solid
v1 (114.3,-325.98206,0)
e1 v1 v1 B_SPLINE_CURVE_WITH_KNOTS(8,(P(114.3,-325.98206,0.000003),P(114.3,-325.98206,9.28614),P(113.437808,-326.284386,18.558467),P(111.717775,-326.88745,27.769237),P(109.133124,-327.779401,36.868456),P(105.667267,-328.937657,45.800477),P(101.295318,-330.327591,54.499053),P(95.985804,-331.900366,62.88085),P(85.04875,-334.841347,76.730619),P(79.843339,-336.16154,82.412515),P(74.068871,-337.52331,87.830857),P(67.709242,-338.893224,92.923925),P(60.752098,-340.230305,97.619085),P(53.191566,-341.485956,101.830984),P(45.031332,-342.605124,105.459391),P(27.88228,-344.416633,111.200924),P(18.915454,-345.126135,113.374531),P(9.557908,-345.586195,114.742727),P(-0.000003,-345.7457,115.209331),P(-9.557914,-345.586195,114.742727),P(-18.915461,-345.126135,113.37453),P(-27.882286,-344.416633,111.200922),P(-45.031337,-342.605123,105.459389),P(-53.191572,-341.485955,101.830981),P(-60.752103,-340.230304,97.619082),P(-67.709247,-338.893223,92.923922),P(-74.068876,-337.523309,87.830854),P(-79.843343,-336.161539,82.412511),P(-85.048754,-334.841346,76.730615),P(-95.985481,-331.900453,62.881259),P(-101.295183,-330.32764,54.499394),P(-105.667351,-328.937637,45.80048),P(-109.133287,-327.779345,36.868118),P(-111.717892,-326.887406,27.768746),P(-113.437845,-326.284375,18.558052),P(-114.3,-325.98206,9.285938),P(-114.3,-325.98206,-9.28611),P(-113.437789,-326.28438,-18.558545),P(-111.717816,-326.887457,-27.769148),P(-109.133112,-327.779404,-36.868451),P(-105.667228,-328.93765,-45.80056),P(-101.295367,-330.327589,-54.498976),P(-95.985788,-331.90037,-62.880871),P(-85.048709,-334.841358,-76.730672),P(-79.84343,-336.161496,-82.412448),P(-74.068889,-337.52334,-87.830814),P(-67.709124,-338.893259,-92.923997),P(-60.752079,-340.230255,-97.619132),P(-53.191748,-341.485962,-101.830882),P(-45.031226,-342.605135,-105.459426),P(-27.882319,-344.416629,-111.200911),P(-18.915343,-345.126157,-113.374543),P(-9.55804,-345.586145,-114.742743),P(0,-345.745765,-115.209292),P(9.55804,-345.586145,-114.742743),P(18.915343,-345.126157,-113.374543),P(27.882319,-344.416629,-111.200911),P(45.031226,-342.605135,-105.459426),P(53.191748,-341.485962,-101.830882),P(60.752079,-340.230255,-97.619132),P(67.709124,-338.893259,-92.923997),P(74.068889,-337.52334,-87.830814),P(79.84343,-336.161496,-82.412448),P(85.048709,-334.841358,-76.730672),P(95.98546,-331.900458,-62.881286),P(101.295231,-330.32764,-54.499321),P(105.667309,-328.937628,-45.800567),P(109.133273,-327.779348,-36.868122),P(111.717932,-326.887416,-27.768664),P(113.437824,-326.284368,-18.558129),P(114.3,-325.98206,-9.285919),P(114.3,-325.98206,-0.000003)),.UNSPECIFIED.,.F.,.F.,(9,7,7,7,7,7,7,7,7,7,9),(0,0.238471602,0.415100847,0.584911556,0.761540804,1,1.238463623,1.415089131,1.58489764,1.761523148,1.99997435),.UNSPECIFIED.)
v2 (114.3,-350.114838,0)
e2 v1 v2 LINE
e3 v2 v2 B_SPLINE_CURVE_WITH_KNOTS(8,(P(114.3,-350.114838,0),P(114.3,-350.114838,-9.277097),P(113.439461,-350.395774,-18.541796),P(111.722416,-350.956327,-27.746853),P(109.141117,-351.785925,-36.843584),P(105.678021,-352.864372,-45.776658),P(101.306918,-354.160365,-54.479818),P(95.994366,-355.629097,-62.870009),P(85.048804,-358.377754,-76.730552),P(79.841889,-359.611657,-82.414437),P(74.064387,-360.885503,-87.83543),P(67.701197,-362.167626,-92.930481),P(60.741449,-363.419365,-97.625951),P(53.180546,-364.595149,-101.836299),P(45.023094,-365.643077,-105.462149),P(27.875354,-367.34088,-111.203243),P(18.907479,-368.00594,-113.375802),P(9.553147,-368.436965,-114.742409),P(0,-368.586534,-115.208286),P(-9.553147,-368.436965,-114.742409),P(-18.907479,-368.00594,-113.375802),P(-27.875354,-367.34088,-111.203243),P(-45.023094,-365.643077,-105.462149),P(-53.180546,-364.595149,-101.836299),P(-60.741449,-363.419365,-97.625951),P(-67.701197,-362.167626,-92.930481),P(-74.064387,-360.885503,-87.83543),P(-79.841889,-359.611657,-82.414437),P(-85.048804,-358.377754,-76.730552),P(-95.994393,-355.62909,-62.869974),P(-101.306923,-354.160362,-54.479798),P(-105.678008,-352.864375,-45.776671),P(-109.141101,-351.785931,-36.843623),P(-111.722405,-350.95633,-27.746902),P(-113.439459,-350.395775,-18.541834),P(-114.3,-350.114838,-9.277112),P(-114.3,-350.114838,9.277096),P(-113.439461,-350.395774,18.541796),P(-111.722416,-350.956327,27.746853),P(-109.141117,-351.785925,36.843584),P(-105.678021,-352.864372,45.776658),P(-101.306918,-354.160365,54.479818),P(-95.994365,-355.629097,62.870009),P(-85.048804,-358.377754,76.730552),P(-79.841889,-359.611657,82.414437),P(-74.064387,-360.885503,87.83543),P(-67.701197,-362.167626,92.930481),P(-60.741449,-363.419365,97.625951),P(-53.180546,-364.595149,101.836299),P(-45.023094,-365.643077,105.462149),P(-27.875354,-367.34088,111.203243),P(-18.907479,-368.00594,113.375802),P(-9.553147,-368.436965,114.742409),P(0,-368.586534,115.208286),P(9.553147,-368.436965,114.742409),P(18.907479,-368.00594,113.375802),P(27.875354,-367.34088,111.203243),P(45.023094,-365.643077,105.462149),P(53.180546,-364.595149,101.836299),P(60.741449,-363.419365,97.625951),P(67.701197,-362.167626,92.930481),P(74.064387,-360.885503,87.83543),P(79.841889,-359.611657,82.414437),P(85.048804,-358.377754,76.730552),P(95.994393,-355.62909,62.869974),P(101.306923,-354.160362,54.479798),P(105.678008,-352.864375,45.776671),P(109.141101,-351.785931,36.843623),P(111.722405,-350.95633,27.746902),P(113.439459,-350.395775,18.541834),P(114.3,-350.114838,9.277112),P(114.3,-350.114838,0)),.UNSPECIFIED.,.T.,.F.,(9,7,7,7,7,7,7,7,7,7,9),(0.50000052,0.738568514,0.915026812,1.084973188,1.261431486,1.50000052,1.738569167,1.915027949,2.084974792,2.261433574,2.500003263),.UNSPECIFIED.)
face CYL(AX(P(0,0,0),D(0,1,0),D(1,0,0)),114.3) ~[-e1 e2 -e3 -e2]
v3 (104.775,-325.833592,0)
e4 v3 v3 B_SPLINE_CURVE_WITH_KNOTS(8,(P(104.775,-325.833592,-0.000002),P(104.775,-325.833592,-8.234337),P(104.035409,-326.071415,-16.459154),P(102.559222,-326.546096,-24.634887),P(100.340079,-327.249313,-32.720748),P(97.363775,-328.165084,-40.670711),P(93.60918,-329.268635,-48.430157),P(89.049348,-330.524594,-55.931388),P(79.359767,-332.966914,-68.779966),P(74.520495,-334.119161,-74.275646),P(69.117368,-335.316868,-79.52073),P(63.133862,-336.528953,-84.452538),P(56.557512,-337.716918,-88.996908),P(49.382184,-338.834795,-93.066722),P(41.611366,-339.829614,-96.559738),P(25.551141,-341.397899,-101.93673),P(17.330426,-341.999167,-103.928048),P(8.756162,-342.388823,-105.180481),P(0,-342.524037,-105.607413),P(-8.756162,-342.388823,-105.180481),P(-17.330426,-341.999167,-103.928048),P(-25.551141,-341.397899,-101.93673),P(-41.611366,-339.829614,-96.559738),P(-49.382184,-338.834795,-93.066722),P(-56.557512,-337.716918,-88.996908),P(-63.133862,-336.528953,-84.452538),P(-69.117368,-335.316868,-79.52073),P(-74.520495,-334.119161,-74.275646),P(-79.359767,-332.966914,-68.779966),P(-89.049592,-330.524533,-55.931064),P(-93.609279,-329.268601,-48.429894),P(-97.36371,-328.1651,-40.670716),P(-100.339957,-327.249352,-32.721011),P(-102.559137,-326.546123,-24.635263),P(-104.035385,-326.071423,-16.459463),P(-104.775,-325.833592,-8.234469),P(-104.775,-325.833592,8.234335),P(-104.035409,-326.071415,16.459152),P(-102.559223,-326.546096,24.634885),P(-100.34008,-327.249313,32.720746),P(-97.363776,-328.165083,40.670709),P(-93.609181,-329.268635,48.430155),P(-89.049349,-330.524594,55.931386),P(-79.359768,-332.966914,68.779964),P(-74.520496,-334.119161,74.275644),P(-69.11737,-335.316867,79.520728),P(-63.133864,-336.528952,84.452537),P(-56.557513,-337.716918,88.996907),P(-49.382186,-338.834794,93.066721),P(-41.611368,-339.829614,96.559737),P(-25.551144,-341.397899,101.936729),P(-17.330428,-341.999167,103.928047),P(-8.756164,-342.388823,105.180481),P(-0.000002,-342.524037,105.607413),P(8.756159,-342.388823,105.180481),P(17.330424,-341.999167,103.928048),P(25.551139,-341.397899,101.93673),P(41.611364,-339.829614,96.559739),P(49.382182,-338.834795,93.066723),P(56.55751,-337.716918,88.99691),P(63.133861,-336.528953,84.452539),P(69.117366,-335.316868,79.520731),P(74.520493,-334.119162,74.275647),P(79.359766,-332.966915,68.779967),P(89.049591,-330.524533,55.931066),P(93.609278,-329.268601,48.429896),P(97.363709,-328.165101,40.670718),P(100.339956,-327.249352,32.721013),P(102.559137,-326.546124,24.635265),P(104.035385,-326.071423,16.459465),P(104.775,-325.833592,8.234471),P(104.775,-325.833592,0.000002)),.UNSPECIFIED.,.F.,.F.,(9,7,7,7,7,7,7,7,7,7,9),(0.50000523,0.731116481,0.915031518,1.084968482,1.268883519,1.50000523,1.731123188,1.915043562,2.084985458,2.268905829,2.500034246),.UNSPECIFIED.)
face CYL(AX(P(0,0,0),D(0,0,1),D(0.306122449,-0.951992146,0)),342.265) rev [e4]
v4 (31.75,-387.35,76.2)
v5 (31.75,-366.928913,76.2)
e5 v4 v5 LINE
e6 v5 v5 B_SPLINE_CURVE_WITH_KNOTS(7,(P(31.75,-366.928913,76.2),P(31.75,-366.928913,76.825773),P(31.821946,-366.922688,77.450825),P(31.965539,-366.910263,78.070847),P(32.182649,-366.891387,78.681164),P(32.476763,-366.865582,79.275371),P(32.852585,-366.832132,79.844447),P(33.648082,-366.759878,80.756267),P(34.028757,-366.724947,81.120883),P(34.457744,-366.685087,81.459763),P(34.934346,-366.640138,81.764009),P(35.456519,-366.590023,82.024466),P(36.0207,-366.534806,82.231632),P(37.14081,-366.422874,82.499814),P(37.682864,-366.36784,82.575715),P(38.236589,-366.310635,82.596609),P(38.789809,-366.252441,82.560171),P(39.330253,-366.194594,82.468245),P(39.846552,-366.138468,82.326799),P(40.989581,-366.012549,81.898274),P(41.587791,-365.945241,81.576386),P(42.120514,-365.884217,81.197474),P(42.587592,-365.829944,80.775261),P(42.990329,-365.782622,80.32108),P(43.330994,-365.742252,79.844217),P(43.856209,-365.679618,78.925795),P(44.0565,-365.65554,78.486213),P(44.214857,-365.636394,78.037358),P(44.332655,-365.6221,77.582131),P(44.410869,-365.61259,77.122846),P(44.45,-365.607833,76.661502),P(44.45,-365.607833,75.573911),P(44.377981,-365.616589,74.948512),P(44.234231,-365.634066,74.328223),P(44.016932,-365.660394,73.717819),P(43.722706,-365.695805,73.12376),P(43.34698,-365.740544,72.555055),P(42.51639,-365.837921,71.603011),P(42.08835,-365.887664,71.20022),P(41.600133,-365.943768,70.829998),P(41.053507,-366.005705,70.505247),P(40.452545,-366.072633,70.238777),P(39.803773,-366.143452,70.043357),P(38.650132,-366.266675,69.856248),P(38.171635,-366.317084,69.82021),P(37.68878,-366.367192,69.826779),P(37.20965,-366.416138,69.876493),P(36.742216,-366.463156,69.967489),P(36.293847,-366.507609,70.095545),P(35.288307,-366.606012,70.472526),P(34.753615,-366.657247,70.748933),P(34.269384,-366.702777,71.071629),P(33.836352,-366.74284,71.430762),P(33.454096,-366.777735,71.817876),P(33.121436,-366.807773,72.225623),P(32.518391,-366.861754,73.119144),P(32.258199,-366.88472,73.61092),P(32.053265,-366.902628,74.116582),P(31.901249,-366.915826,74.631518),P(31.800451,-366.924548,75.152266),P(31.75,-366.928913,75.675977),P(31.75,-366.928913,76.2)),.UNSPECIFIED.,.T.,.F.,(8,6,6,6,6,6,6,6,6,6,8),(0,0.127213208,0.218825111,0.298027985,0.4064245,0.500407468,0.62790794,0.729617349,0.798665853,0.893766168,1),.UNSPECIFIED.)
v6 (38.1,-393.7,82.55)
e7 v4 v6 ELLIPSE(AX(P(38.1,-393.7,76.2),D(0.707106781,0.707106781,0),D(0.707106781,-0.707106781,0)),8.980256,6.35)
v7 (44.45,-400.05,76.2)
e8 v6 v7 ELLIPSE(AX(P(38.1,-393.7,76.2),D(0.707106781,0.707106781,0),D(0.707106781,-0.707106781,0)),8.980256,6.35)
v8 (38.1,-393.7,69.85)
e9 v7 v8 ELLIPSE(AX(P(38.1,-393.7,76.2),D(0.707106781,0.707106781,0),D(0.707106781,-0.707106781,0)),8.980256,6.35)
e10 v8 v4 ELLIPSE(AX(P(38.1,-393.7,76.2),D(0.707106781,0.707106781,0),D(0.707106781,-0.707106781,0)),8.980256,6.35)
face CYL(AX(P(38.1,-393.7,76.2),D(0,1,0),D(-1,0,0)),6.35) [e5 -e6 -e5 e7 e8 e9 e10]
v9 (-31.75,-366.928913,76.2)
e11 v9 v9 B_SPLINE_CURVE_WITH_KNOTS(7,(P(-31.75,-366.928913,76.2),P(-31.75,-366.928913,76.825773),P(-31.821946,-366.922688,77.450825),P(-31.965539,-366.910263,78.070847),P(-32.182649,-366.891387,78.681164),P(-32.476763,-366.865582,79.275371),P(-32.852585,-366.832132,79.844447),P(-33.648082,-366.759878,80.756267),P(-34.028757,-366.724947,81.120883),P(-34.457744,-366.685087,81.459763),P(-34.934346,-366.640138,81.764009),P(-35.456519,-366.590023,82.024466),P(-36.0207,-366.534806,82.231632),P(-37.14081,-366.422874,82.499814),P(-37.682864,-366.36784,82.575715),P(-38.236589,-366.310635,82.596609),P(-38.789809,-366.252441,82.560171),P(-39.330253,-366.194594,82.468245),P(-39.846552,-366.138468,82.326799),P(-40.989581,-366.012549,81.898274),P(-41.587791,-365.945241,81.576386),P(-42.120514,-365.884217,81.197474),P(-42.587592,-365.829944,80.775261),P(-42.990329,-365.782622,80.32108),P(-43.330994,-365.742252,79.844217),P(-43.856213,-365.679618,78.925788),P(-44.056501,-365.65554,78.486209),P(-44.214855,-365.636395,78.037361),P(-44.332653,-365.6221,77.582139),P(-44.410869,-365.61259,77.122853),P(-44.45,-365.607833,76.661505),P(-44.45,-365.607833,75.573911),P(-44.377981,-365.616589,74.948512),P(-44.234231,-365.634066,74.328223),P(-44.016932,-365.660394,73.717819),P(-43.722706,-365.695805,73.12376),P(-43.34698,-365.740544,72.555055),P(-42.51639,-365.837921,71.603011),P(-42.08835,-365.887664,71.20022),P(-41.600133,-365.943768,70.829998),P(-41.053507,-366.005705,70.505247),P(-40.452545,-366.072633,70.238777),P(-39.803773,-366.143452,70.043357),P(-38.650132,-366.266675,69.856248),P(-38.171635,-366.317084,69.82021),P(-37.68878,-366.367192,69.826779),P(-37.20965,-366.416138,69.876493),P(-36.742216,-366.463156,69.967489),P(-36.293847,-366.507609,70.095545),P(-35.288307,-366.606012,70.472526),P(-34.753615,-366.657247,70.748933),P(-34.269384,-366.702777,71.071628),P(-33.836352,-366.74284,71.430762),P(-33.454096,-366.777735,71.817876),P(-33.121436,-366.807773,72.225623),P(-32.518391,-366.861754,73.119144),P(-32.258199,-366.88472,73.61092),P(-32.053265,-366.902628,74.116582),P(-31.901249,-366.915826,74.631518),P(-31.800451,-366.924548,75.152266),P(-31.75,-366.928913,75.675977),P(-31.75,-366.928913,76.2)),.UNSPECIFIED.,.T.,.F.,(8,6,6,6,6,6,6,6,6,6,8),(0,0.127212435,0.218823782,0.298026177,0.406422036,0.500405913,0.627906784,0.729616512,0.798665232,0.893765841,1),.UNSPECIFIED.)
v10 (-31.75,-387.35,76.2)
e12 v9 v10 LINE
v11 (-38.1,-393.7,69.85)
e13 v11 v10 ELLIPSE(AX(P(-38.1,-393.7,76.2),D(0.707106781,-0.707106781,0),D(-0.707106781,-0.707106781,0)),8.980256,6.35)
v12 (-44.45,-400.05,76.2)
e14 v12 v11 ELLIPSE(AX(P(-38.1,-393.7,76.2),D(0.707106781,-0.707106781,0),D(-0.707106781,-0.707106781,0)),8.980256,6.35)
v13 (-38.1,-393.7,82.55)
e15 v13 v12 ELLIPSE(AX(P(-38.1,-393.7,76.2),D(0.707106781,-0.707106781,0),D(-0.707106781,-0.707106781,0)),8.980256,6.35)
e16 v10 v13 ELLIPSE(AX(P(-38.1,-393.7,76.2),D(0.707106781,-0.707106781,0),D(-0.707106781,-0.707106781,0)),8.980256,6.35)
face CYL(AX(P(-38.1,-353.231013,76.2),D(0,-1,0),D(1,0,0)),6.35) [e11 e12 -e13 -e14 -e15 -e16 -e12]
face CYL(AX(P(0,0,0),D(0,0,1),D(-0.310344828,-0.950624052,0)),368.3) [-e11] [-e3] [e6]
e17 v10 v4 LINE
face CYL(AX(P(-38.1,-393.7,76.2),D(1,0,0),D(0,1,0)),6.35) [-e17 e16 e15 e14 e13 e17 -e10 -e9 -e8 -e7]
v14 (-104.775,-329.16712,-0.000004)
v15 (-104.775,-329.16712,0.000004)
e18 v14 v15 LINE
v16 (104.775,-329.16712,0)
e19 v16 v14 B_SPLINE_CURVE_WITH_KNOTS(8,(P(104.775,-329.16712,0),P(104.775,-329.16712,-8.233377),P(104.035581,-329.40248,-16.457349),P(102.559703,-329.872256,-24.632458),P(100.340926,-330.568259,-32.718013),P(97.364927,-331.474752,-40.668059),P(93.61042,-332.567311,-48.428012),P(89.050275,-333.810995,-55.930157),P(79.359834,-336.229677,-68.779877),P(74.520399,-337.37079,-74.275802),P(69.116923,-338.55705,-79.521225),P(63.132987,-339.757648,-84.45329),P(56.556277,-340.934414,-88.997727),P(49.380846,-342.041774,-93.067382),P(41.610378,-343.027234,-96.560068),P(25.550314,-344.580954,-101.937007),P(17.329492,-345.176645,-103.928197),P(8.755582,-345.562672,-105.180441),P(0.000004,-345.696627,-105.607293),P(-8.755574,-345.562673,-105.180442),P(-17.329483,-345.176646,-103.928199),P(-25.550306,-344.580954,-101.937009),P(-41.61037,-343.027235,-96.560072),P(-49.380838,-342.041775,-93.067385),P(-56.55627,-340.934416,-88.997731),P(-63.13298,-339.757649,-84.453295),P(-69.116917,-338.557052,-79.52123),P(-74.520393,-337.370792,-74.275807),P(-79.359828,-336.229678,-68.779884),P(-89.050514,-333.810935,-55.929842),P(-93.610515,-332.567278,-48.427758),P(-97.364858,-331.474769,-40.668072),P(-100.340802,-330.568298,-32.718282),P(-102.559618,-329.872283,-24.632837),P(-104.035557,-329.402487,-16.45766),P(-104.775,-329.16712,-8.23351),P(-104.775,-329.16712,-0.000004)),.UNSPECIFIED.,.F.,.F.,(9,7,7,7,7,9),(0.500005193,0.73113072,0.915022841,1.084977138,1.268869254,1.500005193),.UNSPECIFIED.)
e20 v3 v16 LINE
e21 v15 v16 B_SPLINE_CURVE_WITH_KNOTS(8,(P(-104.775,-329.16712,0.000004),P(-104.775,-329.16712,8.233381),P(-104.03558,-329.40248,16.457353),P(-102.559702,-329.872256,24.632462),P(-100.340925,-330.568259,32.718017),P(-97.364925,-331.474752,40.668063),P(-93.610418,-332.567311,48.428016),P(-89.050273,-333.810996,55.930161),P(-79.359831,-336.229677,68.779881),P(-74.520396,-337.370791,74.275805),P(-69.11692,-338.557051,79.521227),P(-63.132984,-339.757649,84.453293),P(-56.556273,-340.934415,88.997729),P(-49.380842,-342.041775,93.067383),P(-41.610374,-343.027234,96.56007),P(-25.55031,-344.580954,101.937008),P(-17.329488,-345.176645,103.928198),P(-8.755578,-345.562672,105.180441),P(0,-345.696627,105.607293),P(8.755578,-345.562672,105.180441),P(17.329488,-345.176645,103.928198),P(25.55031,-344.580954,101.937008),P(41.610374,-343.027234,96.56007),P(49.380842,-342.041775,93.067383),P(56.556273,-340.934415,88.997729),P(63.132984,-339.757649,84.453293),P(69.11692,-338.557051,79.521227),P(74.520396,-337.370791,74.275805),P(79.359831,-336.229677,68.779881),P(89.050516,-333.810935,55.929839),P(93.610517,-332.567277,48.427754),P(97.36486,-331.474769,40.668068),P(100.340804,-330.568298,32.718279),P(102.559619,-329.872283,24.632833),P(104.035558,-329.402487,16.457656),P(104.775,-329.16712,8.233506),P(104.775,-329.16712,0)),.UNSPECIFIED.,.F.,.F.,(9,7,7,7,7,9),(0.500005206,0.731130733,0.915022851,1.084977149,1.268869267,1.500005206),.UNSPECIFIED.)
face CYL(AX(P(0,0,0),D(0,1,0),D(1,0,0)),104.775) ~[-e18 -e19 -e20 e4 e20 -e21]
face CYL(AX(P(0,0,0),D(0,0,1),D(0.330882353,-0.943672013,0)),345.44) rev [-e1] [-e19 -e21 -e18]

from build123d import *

# Parameters (mm, degrees)
F1_DEPTH = 104.775
F2_R     = 159.2251472174
F2_R_2   = 104.775
F3_DEPTH = 414.02
F5_DEPTH = 114.3
F6_R     = 184.3026005328
F6_R_2   = 114.3
F7_DEPTH = 563.88
F9_R     = 6.35


with BuildPart() as f1:
    # F0 (on Top) → F1 (new body, symmetric)
    with BuildSketch(Plane.XY):
        with BuildLine():
            ThreePointArc((104.775, -325.833591884), (0, -342.265), (-104.775, -325.833591884))
            Line((-104.775, -325.833591884), (-104.775, -329.1671201305))
            ThreePointArc((-104.775, -329.1671201305), (0, -345.44), (104.775, -329.1671201305))
            Line((104.775, -329.1671201305), (104.775, -325.833591884))
        make_face()
    extrude(amount=F1_DEPTH, both=True)

    # F2 (on Front) → F3 (cut)
    with BuildSketch(Plane.XZ):
        Circle(F2_R)
        Circle(F2_R_2, mode=Mode.SUBTRACT)
    extrude(amount=F3_DEPTH, mode=Mode.SUBTRACT)

    # F4 (on Top) → F5 (join, symmetric)
    with BuildSketch(Plane.XY):
        with BuildLine():
            Line((-114.3, -325.9820602426), (-114.3, -350.1148383031))
            ThreePointArc((-114.3, -350.1148383031), (0, -368.3), (114.3, -350.1148383031))
            Line((114.3, -350.1148383031), (114.3, -325.9820602426))
            ThreePointArc((114.3, -325.9820602426), (0, -345.44), (-114.3, -325.9820602426))
        make_face()
    extrude(amount=F5_DEPTH, both=True)

    # F6 (on Front) → F7 (cut)
    with BuildSketch(Plane.XZ):
        Circle(F6_R)
        Circle(F6_R_2, mode=Mode.SUBTRACT)
    extrude(amount=F7_DEPTH, mode=Mode.SUBTRACT)

    # F12: sweep along a path in F11
    with BuildLine(Plane.XY.offset(76.2)) as f12_path:
        Line((-38.1, -353.2310128212), (-38.1, -393.7))
        Line((-38.1, -393.7), (0, -393.7))
        Line((0, -393.7), (38.1, -393.7))
        Line((38.1, -393.7), (38.1, -353.2310128212))
    # F9 (on offset) → F12 (sweep)
    with BuildSketch(Plane.XZ.offset(355.6)):
        with Locations((-38.1, 76.2)):
            Circle(F9_R)
    sweep(path=f12_path.line, transition=Transition.RIGHT)


solid = f1.part
